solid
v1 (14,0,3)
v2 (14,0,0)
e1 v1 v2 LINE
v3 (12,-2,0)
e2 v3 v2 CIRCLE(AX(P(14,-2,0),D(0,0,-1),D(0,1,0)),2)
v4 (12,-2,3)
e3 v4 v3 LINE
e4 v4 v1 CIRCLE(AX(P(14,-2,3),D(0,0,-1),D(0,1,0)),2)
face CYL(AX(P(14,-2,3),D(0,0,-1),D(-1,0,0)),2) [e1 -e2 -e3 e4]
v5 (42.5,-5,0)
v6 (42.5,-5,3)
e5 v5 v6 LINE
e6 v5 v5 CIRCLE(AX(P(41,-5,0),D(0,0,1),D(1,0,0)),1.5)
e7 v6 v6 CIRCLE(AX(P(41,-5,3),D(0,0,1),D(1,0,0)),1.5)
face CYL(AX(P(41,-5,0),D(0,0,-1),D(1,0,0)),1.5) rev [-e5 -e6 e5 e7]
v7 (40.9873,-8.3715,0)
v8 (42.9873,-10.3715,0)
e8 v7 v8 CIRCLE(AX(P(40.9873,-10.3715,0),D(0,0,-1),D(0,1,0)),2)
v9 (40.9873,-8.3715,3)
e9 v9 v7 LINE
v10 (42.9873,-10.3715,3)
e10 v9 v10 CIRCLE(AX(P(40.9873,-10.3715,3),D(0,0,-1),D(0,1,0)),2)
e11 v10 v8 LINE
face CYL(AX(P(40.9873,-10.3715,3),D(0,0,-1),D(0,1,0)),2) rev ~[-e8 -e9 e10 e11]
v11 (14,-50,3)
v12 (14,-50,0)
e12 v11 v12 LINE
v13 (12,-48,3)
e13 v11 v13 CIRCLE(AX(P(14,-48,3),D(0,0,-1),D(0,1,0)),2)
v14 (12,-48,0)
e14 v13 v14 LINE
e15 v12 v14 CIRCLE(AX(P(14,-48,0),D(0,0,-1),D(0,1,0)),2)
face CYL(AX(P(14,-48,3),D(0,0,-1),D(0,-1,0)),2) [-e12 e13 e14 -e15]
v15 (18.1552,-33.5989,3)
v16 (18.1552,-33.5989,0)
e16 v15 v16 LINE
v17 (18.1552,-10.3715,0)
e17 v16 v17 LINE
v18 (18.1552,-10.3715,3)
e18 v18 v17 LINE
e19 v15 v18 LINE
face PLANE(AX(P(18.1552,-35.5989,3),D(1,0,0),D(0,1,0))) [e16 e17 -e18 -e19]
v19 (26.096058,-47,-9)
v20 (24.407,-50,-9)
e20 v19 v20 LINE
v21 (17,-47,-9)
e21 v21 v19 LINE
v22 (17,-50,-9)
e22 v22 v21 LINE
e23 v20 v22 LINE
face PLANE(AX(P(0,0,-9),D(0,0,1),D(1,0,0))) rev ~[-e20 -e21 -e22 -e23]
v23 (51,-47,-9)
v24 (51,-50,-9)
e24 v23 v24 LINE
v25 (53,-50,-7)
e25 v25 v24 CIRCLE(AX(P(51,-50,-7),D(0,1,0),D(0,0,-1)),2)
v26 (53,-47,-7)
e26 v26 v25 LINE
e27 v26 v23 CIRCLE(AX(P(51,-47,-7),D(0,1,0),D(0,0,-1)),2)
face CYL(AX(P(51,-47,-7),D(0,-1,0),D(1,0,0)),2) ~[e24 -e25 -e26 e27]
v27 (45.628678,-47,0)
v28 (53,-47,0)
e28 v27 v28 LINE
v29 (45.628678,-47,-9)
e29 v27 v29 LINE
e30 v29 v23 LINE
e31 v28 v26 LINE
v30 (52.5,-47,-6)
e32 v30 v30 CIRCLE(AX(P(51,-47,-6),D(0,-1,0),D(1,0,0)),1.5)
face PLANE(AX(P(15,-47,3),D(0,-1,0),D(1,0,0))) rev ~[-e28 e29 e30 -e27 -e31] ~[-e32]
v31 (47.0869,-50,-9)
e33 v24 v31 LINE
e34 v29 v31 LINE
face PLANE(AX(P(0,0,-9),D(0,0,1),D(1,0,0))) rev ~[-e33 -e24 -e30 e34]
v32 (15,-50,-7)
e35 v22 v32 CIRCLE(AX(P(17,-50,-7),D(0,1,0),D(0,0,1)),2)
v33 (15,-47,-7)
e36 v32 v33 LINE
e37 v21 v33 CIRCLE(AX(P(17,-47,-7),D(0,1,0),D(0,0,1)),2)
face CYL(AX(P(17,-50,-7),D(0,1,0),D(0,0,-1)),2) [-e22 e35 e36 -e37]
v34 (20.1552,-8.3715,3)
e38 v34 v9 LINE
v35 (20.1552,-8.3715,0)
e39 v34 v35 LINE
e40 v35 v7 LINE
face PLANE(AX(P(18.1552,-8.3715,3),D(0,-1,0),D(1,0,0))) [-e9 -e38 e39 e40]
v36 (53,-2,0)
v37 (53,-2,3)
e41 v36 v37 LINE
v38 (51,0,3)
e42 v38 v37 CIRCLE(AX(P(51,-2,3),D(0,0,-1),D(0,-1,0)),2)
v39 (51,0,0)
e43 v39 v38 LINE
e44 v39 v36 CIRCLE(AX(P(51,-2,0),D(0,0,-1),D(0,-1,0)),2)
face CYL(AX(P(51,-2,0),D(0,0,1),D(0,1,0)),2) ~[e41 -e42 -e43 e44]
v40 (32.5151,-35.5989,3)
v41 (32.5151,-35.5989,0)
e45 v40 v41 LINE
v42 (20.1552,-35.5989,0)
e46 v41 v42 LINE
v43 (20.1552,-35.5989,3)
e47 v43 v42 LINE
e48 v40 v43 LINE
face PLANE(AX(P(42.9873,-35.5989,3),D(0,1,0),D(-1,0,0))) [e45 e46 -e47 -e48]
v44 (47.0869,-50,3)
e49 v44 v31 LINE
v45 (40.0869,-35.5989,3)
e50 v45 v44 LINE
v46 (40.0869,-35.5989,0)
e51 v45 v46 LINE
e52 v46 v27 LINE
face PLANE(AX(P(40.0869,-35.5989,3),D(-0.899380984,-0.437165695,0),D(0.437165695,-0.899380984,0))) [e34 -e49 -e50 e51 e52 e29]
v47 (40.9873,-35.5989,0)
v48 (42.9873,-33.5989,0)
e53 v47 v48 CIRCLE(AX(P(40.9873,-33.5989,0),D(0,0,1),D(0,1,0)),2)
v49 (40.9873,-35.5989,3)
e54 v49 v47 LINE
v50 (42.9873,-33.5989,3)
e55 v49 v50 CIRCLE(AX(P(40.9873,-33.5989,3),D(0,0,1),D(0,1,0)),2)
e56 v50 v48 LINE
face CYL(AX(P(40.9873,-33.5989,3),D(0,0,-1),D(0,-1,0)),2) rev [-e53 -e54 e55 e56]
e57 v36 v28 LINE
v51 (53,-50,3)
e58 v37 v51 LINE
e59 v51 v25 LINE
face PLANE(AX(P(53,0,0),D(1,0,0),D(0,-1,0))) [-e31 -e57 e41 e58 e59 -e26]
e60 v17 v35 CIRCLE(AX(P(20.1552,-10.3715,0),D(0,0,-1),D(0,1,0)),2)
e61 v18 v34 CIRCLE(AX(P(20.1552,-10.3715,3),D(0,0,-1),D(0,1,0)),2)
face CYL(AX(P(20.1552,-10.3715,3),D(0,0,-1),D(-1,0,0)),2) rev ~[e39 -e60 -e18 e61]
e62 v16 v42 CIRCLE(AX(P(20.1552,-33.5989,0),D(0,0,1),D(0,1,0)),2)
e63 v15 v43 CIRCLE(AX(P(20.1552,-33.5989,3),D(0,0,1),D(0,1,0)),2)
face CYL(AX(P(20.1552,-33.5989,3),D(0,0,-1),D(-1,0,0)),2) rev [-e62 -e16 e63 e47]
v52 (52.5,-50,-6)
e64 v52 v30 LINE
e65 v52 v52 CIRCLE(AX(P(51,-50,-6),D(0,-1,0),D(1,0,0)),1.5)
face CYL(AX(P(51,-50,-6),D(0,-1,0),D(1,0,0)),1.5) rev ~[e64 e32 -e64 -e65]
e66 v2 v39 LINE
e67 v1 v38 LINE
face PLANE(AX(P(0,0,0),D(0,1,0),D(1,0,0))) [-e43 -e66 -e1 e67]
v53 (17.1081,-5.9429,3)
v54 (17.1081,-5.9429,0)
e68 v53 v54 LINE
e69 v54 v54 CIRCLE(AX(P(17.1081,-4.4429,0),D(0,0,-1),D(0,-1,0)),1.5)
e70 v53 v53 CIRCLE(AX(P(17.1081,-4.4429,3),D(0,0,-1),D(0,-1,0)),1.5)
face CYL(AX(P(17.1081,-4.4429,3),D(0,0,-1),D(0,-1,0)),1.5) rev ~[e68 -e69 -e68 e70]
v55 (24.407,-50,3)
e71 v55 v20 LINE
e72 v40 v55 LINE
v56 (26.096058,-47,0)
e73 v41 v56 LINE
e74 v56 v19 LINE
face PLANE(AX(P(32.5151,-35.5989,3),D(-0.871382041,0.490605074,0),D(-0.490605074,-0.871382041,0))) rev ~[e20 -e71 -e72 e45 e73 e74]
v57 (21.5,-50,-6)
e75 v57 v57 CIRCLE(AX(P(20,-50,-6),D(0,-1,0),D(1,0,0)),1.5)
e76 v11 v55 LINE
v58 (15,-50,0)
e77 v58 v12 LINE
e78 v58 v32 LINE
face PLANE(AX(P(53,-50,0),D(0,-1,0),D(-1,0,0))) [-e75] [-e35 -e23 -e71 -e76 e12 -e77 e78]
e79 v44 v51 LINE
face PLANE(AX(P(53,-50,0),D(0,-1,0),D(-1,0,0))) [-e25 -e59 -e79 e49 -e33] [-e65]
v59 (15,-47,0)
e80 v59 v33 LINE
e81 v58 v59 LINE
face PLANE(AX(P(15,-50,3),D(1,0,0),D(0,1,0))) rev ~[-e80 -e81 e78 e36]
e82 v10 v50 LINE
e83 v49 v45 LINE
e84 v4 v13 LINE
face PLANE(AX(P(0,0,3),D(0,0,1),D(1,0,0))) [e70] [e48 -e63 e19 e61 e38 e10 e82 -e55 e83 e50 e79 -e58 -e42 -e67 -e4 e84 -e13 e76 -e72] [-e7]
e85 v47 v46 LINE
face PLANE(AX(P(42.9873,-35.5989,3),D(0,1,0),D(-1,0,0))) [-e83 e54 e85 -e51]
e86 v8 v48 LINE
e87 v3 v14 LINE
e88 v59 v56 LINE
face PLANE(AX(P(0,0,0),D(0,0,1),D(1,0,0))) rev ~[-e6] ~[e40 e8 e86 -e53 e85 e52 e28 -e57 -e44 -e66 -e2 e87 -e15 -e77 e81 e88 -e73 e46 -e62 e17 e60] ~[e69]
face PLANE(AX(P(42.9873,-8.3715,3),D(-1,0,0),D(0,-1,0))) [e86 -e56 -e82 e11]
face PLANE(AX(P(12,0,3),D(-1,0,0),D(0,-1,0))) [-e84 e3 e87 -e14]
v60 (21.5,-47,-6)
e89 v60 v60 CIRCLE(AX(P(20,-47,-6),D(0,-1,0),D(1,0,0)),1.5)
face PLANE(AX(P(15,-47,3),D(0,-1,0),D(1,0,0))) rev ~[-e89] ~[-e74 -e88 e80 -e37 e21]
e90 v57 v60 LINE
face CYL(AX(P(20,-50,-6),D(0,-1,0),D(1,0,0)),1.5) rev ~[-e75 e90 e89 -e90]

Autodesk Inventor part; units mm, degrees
ref_plane "YZ Plane" through (0, 0, 0) normal (1, 0, 0) x (0, 1, 0)
ref_plane "XZ Plane" through (0, 0, 0) normal (0, 1, 0) x (-1, 0, 0)
ref_plane "XY Plane" through (0, 0, 0) normal (0, 0, 1) x (1, 0, 0)
sketch "Sketch1" plane through (0, 0, 0) normal (0, 0, 1) x (1, 0, 0)
  line L0 (0, 0) -> (53, 0)
  line L1 (53, 0) -> (53, -50)
  line L2 (53, -50) -> (0, -50)
  line L3 (0, -50) -> (0, 0)
  line L4 (41, 0) -> (41, 6.0159) construction
  line L5 (41, 6.0159) -> (41, -25.0024) construction
  circle A0 centre (41, -5) radius 1.5
  line L6 (41, 3.3654) -> (9, 3.3654) construction
  line L7 (9, 3.3654) -> (9, -23.8563) construction
  line L8 (41, -5) -> (7.1054, -5) construction
  circle A1 centre (9, -5) radius 1.5
  dimension "d0" = 53
  dimension "d1" = 50
  dimension "d2" = 3
  dimension "d3" = 32
  dimension "d4" = 3
extrude "Extrusion1" add sketch "Sketch1" along normal blind 3
sketch "Sketch2" plane through (0, 0, 3) normal (0, 0, 1) x (1, 0, 0)
  line L0 (53, -50) -> (15, -50)
  line L1 (15, -50) -> (15, -47)
  line L2 (15, -47) -> (53, -47)
  line L3 (53, -47) -> (53, -50)
  dimension "d7" = 38
  dimension "d8" = 3
extrude "Extrusion2" add sketch "Sketch2" against normal blind 12
fillet "Fillet3" radius 2 1 edges at (53, -48.5, -9)
fillet "Fillet6" radius 2 1 edges at (15, -48.5, -9)
sketch "Sketch5" plane through (0, 0, 3) normal (0, 0, 1) x (1, 0, 0)
  line L0 (18.1552, -8.3715) -> (42.9873, -8.3715)
  line L1 (42.9873, -8.3715) -> (42.9873, -35.5989)
  line L2 (42.9873, -35.5989) -> (18.1552, -35.5989)
  line L3 (18.1552, -35.5989) -> (18.1552, -8.3715)
extrude "Extrusion4" cut sketch "Sketch5" against normal through all
fillet "Fillet8" radius 2 1 edges at (18.1552, -8.3715, 1.5)
fillet "Fillet9" radius 2 1 edges at (42.9873, -8.3715, 1.5)
fillet "Fillet10" radius 2 1 edges at (18.1552, -35.5989, 1.5)
fillet "Fillet12" radius 2 1 edges at (42.9873, -35.5989, 1.5)
fillet "Fillet13" radius 2 1 edges at (0, 0, 1.5)
fillet "Fillet14" radius 2 1 edges at (53, 0, 1.5)
hole "Hole3" at (17.1081, -4.4429, 3) direction (0, 0, -1) diameter 3 end through all
sketch "Sketch6" plane through (0, -50, 3) normal (0, -1, 0) x (1, 0, 0)
  line L0 (51, -12) -> (17, -12) projected
  line L1 (0, 0) -> (53, 0) projected
  line L2 (53, 0) -> (51, 0) construction
  line L3 (51, 2) -> (51, -15) construction
  line L4 (54, -9) -> (12.4146, -9) construction
  line L5 (51, -7.4819) -> (20, -7.4819) construction
  line L6 (20, -7.4819) -> (20, -11) construction
  circle A0 centre (20, -9) radius 1.5
  circle A1 centre (51, -9) radius 1.5
  dimension "d60" = 31
  dimension "d61" = 3
  dimension "d64" = 3
extrude "Extrusion5" cut sketch "Sketch6" against normal through all contours A0
extrude "Extrusion6" cut sketch "Sketch6" against normal through all contours A1
sketch "Sketch7" plane through (0, 0, 3) normal (0, 0, 1) x (1, 0, 0)
  line L0 (40.9873, -35.5989) -> (20.1552, -35.5989) projected
  line L1 (0, -50) -> (53, -50) projected
  line L2 (32.5151, -35.5989) -> (24.407, -50)
  line L3 (40.0869, -35.5989) -> (47.0869, -50)
  point P0 (0, 0)
extrude "Extrusion7" cut sketch "Sketch7" against normal through all
sketch "Sketch8" plane through (0, 0, 3) normal (0, 0, 1) x (1, 0, 0)
  line L0 (0, -50) -> (24.407, -50) projected
  circle A0 centre (9, -5) radius 1.5 projected
  line L1 (0, 0) -> (12, 0)
  line L2 (12, 0) -> (12, -50)
  line L3 (12, -50) -> (0, -50)
  line L4 (0, -50) -> (0, 0)
extrude "Extrusion8" cut sketch "Sketch8" against normal through all
fillet "Fillet15" radius 2 1 edges at (12, -50, 1.5)
fillet "Fillet16" radius 2 1 edges at (12, 0, 1.5)
properties part number "bart z endstop bracket v3"
